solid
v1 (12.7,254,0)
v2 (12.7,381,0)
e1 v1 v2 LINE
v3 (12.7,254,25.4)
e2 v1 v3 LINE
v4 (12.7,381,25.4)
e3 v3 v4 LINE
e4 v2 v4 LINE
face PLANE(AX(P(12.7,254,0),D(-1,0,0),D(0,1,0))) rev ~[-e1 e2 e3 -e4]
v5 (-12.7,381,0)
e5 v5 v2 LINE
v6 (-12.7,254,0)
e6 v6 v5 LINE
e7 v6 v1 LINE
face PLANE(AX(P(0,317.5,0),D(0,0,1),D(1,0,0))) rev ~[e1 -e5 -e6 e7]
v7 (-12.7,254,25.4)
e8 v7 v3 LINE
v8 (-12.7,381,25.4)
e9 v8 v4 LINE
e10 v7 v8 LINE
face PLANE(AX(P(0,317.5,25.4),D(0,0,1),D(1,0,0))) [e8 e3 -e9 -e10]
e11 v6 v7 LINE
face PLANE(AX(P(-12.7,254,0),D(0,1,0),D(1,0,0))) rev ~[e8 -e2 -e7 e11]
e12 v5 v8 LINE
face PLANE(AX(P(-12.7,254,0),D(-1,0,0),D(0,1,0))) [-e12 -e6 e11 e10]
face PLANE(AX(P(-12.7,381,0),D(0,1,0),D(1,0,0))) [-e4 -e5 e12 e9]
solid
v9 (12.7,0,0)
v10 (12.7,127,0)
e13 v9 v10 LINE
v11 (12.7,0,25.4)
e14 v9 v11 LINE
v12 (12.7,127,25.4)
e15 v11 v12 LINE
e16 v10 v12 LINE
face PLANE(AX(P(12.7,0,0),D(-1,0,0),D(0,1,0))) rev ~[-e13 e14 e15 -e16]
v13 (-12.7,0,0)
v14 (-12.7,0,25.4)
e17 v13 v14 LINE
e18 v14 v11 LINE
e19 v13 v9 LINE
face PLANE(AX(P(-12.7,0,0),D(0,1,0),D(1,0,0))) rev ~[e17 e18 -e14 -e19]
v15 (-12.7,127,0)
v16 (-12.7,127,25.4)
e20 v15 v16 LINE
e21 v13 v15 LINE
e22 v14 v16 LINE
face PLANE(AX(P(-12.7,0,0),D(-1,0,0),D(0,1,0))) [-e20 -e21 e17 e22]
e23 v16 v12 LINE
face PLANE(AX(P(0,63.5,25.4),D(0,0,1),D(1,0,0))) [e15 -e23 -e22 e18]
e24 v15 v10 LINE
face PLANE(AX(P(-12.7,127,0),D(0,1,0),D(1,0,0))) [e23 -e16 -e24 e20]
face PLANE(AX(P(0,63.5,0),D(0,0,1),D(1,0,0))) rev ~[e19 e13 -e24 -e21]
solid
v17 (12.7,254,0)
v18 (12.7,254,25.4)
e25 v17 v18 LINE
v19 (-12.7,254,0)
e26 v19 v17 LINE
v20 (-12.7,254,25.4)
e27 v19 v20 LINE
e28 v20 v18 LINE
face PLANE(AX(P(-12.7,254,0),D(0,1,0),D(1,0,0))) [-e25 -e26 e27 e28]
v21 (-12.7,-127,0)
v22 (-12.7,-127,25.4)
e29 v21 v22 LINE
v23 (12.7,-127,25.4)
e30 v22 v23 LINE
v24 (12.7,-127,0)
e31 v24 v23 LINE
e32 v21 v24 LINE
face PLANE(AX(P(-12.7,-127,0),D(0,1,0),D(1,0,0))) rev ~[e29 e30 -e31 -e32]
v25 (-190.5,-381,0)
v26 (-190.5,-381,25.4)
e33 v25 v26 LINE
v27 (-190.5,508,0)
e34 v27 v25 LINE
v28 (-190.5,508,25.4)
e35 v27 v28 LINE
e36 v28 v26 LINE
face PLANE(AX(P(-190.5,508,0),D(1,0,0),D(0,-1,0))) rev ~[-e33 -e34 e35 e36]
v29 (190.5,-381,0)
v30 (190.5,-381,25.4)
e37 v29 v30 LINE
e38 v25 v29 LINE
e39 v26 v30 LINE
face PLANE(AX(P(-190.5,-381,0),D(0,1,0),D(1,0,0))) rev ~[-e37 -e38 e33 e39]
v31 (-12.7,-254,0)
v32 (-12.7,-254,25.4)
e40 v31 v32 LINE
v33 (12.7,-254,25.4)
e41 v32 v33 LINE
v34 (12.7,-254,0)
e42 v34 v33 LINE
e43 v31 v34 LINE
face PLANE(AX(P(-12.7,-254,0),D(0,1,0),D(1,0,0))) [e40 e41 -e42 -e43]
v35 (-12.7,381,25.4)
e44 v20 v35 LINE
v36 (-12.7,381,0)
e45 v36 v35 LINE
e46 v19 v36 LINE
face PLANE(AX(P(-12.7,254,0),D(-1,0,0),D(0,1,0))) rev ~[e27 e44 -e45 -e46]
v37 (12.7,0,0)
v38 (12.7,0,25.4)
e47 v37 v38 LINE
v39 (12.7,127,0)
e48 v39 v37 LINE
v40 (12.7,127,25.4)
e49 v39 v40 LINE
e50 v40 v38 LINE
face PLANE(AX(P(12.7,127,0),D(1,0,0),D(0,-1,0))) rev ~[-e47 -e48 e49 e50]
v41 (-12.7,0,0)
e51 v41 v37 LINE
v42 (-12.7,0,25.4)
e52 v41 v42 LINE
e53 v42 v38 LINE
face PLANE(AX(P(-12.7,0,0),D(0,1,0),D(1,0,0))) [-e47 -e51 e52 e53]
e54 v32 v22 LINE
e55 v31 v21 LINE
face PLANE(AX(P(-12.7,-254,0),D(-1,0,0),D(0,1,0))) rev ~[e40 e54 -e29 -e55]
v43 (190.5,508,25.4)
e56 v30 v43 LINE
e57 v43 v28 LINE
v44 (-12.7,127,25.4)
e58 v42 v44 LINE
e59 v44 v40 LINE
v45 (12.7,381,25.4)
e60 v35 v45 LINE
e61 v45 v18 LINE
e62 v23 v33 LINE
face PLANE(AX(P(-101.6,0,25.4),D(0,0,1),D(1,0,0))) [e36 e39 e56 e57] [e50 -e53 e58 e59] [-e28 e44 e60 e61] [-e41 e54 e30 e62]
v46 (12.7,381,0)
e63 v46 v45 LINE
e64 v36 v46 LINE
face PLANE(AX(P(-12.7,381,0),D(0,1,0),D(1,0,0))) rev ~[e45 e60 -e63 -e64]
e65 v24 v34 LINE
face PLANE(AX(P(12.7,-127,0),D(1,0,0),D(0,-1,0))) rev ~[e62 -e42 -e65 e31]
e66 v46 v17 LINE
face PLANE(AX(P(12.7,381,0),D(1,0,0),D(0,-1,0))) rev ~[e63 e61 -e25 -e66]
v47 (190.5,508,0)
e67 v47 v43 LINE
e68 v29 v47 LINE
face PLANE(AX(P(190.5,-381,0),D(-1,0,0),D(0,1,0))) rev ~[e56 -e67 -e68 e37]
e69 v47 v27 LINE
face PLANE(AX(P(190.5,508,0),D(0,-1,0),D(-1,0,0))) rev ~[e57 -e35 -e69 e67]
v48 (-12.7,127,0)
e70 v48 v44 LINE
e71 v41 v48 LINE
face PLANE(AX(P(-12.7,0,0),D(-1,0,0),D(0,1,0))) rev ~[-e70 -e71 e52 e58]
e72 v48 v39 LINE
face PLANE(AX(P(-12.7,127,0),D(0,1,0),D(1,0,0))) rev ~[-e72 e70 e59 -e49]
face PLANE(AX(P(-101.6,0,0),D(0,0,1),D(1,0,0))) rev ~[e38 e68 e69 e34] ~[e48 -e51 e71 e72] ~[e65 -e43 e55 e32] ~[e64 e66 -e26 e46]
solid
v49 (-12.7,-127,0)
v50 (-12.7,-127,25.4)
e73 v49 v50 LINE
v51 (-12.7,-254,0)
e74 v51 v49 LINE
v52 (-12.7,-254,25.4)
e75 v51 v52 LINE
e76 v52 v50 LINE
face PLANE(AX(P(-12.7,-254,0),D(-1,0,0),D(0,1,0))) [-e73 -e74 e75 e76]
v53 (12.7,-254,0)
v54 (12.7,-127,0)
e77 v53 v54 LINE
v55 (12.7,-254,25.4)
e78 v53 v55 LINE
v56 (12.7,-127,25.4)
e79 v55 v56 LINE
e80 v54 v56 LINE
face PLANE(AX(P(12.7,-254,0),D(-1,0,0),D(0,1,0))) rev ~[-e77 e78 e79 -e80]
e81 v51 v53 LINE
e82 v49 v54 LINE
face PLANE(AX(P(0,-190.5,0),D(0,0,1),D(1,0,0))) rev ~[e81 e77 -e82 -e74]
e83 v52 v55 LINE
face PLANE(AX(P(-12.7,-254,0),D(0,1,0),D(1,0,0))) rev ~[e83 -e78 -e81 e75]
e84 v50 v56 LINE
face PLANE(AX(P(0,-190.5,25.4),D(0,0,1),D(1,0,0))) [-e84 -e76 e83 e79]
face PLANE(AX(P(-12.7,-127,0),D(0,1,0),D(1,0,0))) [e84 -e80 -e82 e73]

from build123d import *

# Parameters (mm, degrees)
F0_W     = 25.4
F0_H     = 127
F1_DEPTH = 25.4
F2_DEPTH = 25.4


with BuildPart() as f1:
    # F0 (on Top) → F1 (new body)
    with BuildSketch(Plane.XY):
        Polygon((-12.7, 381), (-190.5, 381), (-190.5, -381), (-12.7, -381), (-12.7, -254), (-12.7, -127), (-12.7, 0), (-12.7, 127), (-12.7, 254), align=None)
        with Locations((0, 190.5)):
            Rectangle(F0_W, F0_H)
        Polygon((190.5, 381), (12.7, 381), (12.7, 254), (12.7, 127), (12.7, 0), (12.7, -127), (12.7, -254), (12.7, -381), (190.5, -381), align=None)
        with Locations((0, -63.5)):
            Rectangle(F0_W, F0_H)
        with Locations((0, -317.5)):
            Rectangle(F0_W, F0_H)
        Polygon((-190.5, 508), (-190.5, 381), (-12.7, 381), (12.7, 381), (190.5, 381), (190.5, 508), align=None)
    extrude(amount=F1_DEPTH)


with BuildPart() as f2:
    # F0 (on Top) → F2 (new body)
    with BuildSketch(Plane.XY):
        with Locations((0, 317.5)):
            Rectangle(F0_W, F0_H)
        with Locations((0, 63.5)):
            Rectangle(F0_W, F0_H)
        with Locations((0, -190.5)):
            Rectangle(F0_W, F0_H)
    extrude(amount=F2_DEPTH)


solid = Compound([f1.part, f2.part])
